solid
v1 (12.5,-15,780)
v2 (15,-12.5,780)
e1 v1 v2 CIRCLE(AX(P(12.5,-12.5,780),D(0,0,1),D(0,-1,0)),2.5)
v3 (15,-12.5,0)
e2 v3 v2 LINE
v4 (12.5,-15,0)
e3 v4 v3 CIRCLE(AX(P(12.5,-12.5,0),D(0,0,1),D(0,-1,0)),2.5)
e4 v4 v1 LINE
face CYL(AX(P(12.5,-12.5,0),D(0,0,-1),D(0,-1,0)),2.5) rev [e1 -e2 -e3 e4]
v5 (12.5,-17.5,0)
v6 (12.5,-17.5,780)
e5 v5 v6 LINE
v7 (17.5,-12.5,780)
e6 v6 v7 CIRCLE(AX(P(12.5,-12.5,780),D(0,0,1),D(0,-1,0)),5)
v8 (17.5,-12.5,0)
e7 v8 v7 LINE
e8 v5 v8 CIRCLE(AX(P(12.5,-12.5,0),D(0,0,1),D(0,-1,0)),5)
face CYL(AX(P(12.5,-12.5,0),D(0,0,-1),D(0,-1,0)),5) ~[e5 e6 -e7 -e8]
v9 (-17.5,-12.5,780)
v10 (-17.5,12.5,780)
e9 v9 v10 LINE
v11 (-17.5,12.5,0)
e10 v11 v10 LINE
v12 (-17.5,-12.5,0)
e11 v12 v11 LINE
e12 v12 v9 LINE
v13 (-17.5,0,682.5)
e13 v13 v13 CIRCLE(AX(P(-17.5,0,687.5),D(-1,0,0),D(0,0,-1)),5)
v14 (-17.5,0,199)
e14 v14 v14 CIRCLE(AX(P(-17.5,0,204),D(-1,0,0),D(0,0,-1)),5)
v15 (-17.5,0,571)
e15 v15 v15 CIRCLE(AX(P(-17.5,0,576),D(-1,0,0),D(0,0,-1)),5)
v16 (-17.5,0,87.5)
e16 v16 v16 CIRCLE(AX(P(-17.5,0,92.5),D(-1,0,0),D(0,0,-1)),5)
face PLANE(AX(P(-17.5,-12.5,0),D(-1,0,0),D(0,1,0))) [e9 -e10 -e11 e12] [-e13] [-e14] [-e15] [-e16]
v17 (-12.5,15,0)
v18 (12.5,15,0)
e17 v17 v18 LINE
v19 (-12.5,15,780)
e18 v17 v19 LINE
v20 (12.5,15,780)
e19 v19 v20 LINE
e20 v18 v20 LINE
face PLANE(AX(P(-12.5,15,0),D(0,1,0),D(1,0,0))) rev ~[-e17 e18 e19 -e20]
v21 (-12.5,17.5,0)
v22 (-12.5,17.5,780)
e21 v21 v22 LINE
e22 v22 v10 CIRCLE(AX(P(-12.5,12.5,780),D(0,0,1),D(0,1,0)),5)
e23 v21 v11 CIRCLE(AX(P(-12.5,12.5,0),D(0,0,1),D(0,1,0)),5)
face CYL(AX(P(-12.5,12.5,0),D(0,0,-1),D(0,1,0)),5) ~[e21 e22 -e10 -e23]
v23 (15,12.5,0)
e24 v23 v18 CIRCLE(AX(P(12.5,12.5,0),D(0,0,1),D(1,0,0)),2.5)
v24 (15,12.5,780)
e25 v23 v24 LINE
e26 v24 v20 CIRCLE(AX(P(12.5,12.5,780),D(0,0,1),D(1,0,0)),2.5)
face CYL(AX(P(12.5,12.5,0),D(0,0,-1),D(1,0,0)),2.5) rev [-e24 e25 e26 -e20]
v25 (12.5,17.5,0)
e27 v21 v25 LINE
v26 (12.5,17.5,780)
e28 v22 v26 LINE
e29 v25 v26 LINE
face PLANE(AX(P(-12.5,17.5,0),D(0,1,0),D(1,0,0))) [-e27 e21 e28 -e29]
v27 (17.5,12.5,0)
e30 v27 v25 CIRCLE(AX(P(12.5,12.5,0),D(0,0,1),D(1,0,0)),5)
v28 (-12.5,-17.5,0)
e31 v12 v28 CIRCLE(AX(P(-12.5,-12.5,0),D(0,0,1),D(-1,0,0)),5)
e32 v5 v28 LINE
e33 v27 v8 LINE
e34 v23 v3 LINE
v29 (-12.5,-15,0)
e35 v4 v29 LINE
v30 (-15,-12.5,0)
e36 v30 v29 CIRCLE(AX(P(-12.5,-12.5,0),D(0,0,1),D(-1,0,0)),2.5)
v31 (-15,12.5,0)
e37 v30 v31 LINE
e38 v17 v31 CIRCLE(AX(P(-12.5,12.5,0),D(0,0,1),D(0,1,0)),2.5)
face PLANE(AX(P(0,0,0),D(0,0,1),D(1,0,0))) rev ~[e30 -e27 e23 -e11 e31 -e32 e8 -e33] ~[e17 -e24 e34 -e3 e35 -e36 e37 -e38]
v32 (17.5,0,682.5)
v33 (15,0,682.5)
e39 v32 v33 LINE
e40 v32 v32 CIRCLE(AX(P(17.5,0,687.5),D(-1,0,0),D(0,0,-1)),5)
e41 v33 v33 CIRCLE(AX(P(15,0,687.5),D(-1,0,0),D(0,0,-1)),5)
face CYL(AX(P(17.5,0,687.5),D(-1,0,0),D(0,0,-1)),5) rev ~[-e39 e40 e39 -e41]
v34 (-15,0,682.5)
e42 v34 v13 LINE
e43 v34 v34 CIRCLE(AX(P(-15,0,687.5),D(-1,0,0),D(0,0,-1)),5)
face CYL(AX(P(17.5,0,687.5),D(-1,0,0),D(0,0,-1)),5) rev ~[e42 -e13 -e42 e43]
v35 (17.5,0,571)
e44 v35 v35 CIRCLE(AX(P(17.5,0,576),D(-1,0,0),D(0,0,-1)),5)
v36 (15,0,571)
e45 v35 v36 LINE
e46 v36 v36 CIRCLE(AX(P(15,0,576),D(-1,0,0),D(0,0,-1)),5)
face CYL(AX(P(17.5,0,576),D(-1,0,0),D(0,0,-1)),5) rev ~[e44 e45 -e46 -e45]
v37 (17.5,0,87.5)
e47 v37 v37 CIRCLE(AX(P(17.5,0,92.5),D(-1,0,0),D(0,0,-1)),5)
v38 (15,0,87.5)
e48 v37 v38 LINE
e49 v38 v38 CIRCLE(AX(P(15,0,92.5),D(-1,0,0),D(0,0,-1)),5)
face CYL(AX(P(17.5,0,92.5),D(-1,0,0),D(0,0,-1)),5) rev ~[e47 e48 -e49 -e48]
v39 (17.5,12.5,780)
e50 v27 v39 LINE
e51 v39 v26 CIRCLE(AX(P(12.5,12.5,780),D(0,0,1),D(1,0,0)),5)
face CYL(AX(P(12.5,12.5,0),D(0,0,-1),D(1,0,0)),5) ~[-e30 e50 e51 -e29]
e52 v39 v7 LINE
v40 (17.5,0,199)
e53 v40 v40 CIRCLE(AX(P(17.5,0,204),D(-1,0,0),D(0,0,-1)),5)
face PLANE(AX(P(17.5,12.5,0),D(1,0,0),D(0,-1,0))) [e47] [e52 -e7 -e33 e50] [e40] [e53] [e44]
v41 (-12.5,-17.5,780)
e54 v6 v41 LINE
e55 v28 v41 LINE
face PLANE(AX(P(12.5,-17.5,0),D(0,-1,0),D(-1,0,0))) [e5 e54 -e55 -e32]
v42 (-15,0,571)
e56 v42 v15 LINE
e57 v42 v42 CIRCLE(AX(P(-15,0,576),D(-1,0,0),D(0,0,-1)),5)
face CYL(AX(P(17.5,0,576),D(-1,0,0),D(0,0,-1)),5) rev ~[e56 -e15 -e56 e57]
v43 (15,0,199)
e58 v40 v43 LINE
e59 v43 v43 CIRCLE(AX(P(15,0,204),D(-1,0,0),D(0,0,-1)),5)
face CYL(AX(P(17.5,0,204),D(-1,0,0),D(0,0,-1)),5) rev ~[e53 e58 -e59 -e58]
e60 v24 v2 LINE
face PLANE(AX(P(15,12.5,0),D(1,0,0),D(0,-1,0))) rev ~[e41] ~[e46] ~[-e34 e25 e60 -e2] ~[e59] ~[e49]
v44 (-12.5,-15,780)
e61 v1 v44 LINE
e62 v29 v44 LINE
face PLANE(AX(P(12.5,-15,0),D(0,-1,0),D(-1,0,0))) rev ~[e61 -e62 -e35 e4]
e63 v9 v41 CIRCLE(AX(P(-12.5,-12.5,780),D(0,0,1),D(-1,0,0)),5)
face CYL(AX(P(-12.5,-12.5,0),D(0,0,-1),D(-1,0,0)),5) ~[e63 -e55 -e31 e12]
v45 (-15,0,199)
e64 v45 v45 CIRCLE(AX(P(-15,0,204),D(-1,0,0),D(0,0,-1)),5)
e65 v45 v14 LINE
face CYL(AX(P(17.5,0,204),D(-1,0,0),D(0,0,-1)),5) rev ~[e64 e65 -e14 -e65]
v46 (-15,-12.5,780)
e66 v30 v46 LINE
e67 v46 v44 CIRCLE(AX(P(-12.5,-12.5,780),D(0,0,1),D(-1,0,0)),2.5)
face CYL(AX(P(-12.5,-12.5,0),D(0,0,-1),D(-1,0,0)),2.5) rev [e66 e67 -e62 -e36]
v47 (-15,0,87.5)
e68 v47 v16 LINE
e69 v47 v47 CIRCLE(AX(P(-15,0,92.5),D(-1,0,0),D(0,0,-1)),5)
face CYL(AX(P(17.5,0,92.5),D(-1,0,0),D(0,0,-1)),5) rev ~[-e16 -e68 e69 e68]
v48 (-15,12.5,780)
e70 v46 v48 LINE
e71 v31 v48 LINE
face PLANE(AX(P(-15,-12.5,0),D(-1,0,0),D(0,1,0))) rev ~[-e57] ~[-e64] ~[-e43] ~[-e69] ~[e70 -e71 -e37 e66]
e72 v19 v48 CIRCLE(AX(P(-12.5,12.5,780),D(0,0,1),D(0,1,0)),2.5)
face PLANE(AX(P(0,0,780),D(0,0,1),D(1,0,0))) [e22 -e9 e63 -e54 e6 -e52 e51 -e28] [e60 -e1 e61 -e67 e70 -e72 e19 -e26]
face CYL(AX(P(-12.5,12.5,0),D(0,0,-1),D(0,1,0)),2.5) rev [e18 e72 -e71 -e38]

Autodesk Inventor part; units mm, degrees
ref_plane "YZ Plane" through (0, 0, 0) normal (1, 0, 0) x (0, 1, 0)
ref_plane "Start plane" through (0, 0, 0) normal (0, 0, 1) x (1, 0, 0)
ref_plane "End plane" through (0, 0, 780) normal (0, 0, 1) x (1, 0, 0)
sketch "Sketch" plane through (0, 0, 0) normal (0, 0, 1) x (1, 0, 0)
  line L0 (-17.5, -12.5) -> (-17.5, 12.5)
  line L1 (-12.5, 17.5) -> (12.5, 17.5)
  line L2 (17.5, 12.5) -> (17.5, -12.5)
  line L3 (12.5, -17.5) -> (-12.5, -17.5)
  arc A0 (-17.5, -12.5) -> (-12.5, -17.5) centre (-12.5, -12.5) ccw
  arc A1 (-12.5, 17.5) -> (-17.5, 12.5) centre (-12.5, 12.5) ccw
  arc A2 (17.5, 12.5) -> (12.5, 17.5) centre (12.5, 12.5) ccw
  arc A3 (12.5, -17.5) -> (17.5, -12.5) centre (12.5, -12.5) ccw
  arc A4 (-12.5, 15) -> (-15, 12.5) centre (-12.5, 12.5) ccw
  line L4 (-12.5, 15) -> (12.5, 15)
  arc A5 (15, 12.5) -> (12.5, 15) centre (12.5, 12.5) ccw
  line L5 (15, 12.5) -> (15, -12.5)
  arc A6 (12.5, -15) -> (15, -12.5) centre (12.5, -12.5) ccw
  line L6 (12.5, -15) -> (-12.5, -15)
  arc A7 (-15, -12.5) -> (-12.5, -15) centre (-12.5, -12.5) ccw
  line L7 (-15, -12.5) -> (-15, 12.5)
  line L8 (0, 25.9497) -> (0, -25.9497) construction
  line L9 (-25.9497, 0) -> (25.9497, 0) construction
  dimension "d7" = 5
  dimension "d10" = 35
  dimension "d11" = 35
  dimension "d12" = 2.5
  dimension "d15" = 17.5
  dimension "d16" = 17.5
extrude "Body" add sketch "Sketch" along normal up to surface (780 mm away) from surface at 0
sketch "Sketch3" plane through (0, 0, 0) normal (0, 0, 1) x (1, 0, 0)
  line L0 (0, 0) -> (10, 0)
ref_plane "Work Plane3" through (0, 0, 0) normal (0, -1, 0) x (1, 0, 0)
sketch "Sketch4" plane through (0, 0, 0) normal (0, -1, 0) x (1, 0, 0)
  line L0 (-2, 0) -> (12, 0)
  line L1 (-2, 780) -> (12, 780)
  dimension "d18" = 780
sketch "Sketch5" plane through (17.5, -12.5, 780) normal (1, 0, 0) x (0, 0, -1)
  line L0 (0, 25) -> (0, 0) construction
  line L1 (780, 0) -> (0, 0) construction
  line L2 (780, 25) -> (780, 0) construction
  line L3 (780, 25) -> (0, 25) construction
  line L4 (17.5, -70) -> (17.5, 375) construction
  line L5 (762.5, 375) -> (762.5, 310) construction
  line L6 (92.5, 25) -> (92.5, 0) construction
  line L7 (204, 25) -> (204, 0) construction
  line L8 (92.5, 12.5) -> (204, 12.5) construction
  line L9 (780, 0) -> (0, 0) construction
  line L10 (687.5, 0) -> (687.5, 25) construction
  line L11 (576, 0) -> (576, 25) construction
  line L12 (576, 12.5) -> (687.5, 12.5) construction
  point P0 (780, 12.5)
  dimension "d19" = 75
  dimension "d20" = 111.5
  dimension "d21" = 75
  dimension "d22" = 111.5
hole "Hole1" at (17.5, 0, 687.5) at (17.5, 0, 576) at (17.5, 0, 204) at (17.5, 0, 92.5) direction (-1, 0, 0) diameter 10 end through all
equation "\"d7\" = G_IR"
equation "\"d10\" = G_H"
equation "\"d11\" = G_W"
equation "\"d12\" = G_T"
equation "\"d15\" = 0.5 * d10"
equation "\"d16\" = 0.5 * d11"
equation "\"d3\" = G_L"
equation "\"G_W\" = 35"
equation "\"G_H\" = 35"
equation "\"G_T\" = 2.5"
equation "\"G_IR\" = 5"
equation "\"G_L\" = d18"
equation "\"G_OFFSET_START\" = 0"
equation "\"G_OFFSET_END\" = 0"
properties part number "AS 1163 - C350L0 35x35x2.5 SHS - 780" material "Steel, Mild"
